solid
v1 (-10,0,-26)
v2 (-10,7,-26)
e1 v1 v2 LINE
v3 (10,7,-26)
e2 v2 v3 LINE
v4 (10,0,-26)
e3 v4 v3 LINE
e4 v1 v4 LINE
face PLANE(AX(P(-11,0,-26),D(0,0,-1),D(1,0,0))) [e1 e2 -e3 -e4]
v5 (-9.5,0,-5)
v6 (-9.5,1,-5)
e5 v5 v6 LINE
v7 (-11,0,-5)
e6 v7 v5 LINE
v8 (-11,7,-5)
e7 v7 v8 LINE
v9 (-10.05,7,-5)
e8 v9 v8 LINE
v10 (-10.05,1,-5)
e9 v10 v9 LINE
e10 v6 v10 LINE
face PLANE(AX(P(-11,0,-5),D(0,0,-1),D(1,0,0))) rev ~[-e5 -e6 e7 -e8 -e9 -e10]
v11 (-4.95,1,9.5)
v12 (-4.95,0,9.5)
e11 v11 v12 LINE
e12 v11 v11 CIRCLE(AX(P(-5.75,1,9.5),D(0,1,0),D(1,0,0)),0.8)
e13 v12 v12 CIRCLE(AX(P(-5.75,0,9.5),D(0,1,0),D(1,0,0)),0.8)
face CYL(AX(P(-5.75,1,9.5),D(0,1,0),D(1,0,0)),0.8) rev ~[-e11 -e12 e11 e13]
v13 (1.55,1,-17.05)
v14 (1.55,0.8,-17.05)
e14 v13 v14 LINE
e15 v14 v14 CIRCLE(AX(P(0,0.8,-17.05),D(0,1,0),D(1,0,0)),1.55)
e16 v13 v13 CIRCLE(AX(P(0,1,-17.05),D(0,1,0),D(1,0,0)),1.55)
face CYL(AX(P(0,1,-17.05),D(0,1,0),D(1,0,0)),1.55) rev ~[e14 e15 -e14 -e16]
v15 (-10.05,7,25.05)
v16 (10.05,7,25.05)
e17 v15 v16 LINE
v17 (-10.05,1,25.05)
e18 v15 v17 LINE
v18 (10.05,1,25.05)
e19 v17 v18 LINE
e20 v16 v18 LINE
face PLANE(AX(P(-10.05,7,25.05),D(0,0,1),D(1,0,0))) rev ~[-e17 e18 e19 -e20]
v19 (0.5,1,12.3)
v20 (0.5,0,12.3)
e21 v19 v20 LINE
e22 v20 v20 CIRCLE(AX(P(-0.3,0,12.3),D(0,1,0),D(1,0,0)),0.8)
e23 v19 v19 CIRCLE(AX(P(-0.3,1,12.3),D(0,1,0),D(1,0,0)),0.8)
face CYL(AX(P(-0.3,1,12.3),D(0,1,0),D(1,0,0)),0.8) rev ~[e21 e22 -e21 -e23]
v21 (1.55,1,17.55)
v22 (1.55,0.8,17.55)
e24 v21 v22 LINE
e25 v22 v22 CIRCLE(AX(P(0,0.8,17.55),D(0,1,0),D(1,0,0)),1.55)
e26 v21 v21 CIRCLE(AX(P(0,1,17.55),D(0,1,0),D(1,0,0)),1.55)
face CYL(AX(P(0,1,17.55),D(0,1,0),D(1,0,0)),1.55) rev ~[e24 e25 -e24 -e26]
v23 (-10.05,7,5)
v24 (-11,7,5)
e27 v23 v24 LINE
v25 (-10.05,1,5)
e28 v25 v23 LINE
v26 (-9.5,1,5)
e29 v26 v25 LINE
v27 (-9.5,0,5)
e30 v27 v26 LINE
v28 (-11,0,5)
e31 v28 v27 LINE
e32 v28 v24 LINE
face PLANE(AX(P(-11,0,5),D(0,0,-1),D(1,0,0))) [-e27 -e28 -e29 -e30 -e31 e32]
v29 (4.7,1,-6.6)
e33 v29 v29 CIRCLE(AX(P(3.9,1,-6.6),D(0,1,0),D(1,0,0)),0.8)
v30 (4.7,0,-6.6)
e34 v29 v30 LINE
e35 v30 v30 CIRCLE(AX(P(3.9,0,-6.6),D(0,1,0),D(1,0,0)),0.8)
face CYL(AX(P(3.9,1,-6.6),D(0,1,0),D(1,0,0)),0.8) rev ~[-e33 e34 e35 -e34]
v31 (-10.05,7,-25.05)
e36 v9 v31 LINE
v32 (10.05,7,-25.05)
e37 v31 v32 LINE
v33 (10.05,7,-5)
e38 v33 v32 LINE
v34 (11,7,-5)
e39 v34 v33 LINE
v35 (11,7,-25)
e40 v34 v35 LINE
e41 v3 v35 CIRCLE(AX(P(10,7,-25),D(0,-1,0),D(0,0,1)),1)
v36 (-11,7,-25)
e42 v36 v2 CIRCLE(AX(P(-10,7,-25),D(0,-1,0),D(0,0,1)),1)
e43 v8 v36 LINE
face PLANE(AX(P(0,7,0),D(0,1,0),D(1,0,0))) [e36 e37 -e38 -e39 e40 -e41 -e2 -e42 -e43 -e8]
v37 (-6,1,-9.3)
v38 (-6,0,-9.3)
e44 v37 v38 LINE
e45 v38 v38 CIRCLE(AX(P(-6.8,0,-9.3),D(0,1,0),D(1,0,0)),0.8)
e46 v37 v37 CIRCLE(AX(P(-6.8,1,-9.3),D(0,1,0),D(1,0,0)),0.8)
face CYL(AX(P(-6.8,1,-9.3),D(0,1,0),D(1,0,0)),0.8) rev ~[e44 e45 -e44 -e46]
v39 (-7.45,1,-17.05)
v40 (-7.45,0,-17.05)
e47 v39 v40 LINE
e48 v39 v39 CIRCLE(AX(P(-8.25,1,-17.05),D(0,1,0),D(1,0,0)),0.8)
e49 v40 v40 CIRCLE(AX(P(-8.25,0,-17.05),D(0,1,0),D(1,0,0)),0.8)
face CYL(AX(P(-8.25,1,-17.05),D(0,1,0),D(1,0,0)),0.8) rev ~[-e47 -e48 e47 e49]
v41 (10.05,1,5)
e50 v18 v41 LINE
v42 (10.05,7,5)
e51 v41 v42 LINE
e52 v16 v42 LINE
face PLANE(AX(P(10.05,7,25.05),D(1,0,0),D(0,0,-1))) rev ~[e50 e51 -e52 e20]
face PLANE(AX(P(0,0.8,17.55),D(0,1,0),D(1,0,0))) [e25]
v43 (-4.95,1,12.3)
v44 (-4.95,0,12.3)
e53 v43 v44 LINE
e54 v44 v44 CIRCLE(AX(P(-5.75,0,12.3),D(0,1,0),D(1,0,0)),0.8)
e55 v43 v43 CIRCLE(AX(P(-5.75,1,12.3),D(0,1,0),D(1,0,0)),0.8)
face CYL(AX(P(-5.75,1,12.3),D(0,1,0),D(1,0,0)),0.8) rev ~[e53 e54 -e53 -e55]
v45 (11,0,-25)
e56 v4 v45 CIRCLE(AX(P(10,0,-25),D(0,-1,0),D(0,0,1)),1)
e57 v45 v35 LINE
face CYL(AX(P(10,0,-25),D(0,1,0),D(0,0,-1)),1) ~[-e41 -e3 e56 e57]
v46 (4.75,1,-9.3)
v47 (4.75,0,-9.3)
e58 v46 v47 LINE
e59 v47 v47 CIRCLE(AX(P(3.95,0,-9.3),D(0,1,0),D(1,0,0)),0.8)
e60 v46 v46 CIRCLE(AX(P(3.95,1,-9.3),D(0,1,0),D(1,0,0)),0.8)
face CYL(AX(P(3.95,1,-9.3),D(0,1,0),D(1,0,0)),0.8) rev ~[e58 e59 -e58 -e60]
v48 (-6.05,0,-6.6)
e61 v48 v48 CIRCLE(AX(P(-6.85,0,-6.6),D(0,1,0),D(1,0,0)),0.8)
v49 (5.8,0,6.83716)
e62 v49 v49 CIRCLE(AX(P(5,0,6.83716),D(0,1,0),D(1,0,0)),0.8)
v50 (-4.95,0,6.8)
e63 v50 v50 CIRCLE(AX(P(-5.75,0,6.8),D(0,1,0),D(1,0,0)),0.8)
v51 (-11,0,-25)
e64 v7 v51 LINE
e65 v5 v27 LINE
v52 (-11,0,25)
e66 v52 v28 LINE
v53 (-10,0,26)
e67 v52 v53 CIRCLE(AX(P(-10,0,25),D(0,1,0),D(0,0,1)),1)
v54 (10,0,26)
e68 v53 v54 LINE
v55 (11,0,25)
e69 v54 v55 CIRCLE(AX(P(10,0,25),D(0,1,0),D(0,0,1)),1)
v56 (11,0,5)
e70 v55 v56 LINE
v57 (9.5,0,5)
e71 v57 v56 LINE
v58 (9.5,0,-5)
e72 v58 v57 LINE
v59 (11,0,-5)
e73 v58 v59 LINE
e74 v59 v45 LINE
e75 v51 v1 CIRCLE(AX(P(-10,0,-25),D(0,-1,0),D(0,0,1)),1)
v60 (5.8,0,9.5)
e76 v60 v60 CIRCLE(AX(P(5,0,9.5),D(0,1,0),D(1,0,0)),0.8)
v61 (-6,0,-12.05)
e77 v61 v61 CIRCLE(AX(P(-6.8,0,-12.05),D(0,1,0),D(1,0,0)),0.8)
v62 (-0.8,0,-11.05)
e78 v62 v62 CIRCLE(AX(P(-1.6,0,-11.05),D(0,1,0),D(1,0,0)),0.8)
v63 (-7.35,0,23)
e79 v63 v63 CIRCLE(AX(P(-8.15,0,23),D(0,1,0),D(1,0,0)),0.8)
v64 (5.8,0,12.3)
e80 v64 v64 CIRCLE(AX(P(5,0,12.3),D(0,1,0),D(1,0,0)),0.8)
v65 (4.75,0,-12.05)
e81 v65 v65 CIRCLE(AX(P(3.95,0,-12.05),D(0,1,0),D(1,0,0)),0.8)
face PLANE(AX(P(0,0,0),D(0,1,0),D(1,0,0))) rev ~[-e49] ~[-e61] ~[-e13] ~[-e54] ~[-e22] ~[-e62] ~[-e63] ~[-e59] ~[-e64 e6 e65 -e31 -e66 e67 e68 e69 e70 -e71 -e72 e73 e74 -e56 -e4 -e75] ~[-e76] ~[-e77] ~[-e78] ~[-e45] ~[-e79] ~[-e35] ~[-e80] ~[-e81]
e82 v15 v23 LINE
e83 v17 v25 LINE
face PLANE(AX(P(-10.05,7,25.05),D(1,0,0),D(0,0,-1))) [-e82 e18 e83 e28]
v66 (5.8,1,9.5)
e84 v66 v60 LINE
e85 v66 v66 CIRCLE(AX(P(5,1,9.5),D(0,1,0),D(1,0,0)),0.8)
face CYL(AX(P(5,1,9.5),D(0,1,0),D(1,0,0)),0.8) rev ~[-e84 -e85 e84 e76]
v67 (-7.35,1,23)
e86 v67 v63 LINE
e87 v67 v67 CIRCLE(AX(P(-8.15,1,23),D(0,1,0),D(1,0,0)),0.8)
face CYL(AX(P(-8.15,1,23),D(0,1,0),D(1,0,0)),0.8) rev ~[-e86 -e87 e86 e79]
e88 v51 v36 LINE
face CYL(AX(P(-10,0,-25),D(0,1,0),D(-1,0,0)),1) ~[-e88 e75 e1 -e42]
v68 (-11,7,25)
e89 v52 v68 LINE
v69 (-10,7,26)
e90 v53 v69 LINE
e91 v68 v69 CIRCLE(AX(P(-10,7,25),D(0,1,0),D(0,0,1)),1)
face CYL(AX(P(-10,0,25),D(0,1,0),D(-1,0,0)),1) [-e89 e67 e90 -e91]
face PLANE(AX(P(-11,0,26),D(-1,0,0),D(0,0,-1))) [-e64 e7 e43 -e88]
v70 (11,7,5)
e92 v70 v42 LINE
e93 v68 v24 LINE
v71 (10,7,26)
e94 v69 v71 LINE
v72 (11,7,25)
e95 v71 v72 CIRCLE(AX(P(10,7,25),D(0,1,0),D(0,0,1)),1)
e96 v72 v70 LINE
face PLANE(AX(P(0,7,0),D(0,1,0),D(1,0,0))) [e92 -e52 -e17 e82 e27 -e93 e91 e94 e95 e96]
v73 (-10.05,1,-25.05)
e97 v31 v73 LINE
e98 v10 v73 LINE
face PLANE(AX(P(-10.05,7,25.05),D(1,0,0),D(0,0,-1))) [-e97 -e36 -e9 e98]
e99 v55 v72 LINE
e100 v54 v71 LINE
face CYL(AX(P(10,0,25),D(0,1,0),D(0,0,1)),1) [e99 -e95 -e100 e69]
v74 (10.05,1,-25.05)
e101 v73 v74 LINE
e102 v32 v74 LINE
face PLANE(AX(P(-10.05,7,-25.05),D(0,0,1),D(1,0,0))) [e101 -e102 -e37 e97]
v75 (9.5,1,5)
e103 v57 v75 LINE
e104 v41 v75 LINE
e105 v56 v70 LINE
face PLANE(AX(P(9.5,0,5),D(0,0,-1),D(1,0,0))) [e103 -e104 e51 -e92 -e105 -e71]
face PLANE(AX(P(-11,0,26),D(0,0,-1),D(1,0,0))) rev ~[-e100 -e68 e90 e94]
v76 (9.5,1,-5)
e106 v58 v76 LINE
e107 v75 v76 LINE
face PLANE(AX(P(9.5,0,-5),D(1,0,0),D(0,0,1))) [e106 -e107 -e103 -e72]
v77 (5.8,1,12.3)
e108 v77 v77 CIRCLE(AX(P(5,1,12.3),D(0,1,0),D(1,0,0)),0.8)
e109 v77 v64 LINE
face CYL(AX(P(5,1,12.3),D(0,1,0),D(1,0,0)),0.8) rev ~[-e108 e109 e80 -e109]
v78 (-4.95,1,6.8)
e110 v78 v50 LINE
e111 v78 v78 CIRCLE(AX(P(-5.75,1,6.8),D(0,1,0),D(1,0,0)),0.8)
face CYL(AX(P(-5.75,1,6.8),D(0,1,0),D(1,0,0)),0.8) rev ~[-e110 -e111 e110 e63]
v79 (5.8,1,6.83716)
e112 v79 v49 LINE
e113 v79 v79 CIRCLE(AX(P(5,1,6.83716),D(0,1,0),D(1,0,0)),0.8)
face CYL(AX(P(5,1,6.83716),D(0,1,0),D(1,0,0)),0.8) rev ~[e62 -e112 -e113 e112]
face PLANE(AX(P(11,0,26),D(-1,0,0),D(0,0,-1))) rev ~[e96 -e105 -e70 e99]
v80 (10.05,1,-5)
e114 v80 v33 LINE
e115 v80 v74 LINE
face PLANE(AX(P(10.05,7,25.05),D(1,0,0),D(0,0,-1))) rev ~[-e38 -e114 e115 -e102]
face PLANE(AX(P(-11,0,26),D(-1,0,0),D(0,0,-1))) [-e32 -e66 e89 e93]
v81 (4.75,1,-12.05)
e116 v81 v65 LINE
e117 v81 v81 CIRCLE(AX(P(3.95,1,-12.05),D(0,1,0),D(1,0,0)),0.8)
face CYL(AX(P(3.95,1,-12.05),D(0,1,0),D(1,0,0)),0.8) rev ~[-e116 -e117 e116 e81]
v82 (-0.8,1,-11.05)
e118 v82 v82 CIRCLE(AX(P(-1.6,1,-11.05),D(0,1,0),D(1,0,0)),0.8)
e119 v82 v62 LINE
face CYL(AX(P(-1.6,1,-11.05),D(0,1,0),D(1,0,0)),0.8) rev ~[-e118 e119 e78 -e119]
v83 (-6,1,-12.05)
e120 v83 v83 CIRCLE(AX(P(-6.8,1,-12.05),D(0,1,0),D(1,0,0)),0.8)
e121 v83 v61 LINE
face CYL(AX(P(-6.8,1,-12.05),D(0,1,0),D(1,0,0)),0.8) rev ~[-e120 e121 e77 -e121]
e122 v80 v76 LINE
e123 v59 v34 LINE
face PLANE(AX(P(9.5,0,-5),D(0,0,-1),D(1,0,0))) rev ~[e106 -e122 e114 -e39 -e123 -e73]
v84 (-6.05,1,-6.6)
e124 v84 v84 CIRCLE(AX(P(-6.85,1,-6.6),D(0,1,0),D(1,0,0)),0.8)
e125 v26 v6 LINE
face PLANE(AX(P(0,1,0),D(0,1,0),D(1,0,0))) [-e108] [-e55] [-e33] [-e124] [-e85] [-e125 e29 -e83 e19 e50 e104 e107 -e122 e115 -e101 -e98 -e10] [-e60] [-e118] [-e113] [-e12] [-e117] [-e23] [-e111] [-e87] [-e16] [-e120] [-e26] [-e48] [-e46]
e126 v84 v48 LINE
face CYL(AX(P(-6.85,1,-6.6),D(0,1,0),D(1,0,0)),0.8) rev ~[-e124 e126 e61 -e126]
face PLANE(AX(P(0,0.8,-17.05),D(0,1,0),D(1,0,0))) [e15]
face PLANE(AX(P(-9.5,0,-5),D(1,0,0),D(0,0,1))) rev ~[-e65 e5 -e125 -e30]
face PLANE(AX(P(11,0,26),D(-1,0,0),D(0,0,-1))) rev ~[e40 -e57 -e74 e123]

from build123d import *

# Parameters (mm, degrees)
SKETCH1_W               = 22
SKETCH1_H               = 52
BOSS_EXTRUDE1_DEPTH     = 7
SKETCH2_W               = 20.1
SKETCH2_H               = 50.1
CUT_EXTRUDE1_DEPTH      = 6
FILLET1_R               = 1
SKETCH4_W               = 1.5
SKETCH4_H               = 10
CUT_EXTRUDE3_DEPTH      = 8
SKETCH5_R               = 1.55
CUT_EXTRUDE4_DEPTH      = 0.2
SKETCH6_R               = 1.55
CUT_EXTRUDE5_DEPTH      = 0.2
SKETCH7_R               = 0.8
CUT_EXTRUDE6_DEPTH      = 7
CUT_EXTRUDE6_DEPTH_BACK = 2
CUT_EXTRUDE7_REACH      = 3
SKETCH8_R               = 0.8
CUT_EXTRUDE9_REACH      = 3
SKETCH9_R               = 0.8
CUT_EXTRUDE10_REACH     = 3
SKETCH10_R              = 0.8
CUT_EXTRUDE11_REACH     = 3
SKETCH11_R              = 0.8
CUT_EXTRUDE12_REACH     = 3
SKETCH12_R              = 0.8
CUT_EXTRUDE13_REACH     = 3
SKETCH13_R              = 0.8
CUT_EXTRUDE14_REACH     = 3
SKETCH14_R              = 0.8
CUT_EXTRUDE15_REACH     = 3
SKETCH15_R              = 0.8
CUT_EXTRUDE16_REACH     = 3
SKETCH16_R              = 0.8


with BuildPart() as part:
    # Sketch1 → Boss-Extrude1 (new body)
    with BuildSketch(Plane(origin=(0, 0, 0), x_dir=(1, 0, 0), z_dir=(0, 1, 0))):
        Rectangle(SKETCH1_W, SKETCH1_H)
    extrude(amount=BOSS_EXTRUDE1_DEPTH)

    # Sketch2 → Cut-Extrude1 (cut)
    with BuildSketch(Plane(origin=(0, 7, 0), x_dir=(1, 0, 0), z_dir=(0, 1, 0))):
        Rectangle(SKETCH2_W, SKETCH2_H)
    extrude(amount=-CUT_EXTRUDE1_DEPTH, mode=Mode.SUBTRACT)

    # Fillet1
    fillet1_edges = [part.edges().sort_by_distance(p)[0] for p in [
        (11, 3.5, 26),
        (-11, 3.5, 26),
        (-11, 3.5, -26),
        (11, 3.5, -26),
    ]]
    fillet(fillet1_edges, radius=FILLET1_R)

    # Sketch4 → Cut-Extrude3 (cut, through all)
    with BuildSketch(Plane.XZ):
        with Locations((-10.25, 0)):
            Rectangle(SKETCH4_W, SKETCH4_H)
        with Locations((10.25, 0)):
            Rectangle(SKETCH4_W, SKETCH4_H)
    extrude(amount=-CUT_EXTRUDE3_DEPTH, mode=Mode.SUBTRACT)

    # Sketch5 → Cut-Extrude4 (cut)
    with BuildSketch(Plane(origin=(0, 1, 0), x_dir=(1, 0, 0), z_dir=(0, 1, 0))):
        with Locations((0, -17.55)):
            Circle(SKETCH5_R)
    extrude(amount=-CUT_EXTRUDE4_DEPTH, mode=Mode.SUBTRACT)

    # Sketch6 → Cut-Extrude5 (cut)
    with BuildSketch(Plane(origin=(0, 1, 0), x_dir=(1, 0, 0), z_dir=(0, 1, 0))):
        with Locations((0, 17.05)):
            Circle(SKETCH6_R)
    extrude(amount=-CUT_EXTRUDE5_DEPTH, mode=Mode.SUBTRACT)

    # Sketch7 → Cut-Extrude6 (cut, two sides)
    with BuildSketch(Plane(origin=(0, 1, 0), x_dir=(1, 0, 0), z_dir=(0, 1, 0))) as cut_extrude6_sk:
        with Locations((-8.15, -23)):
            Circle(SKETCH7_R)
    extrude(amount=CUT_EXTRUDE6_DEPTH, mode=Mode.SUBTRACT)
    extrude(cut_extrude6_sk.sketch, amount=-CUT_EXTRUDE6_DEPTH_BACK, mode=Mode.SUBTRACT)

    # Sketch8 → Cut-Extrude7 (cut, up to next)
    with BuildSketch(Plane(origin=(0, 1, 0), x_dir=(1, 0, 0), z_dir=(0, 1, 0)), mode=Mode.PRIVATE) as cut_extrude7_sk1:
        with Locations((-5.75, -12.3)):
            Circle(SKETCH8_R)
    cut_extrude7_tool1 = extrude(cut_extrude7_sk1.sketch, amount=-CUT_EXTRUDE7_REACH, mode=Mode.PRIVATE) & part.part
    add(cut_extrude7_tool1.solids().sort_by_distance((-5.75, 1, 12.3))[0], mode=Mode.SUBTRACT)
    # Sketch8 → Cut-Extrude7 (cut, up to next)
    with BuildSketch(Plane(origin=(0, 1, 0), x_dir=(1, 0, 0), z_dir=(0, 1, 0)), mode=Mode.PRIVATE) as cut_extrude7_sk2:
        with Locations((5, -12.3)):
            Circle(SKETCH8_R)
    cut_extrude7_tool2 = extrude(cut_extrude7_sk2.sketch, amount=-CUT_EXTRUDE7_REACH, mode=Mode.PRIVATE) & part.part
    add(cut_extrude7_tool2.solids().sort_by_distance((5, 1, 12.3))[0], mode=Mode.SUBTRACT)

    # Sketch9 → Cut-Extrude9 (cut, up to next)
    with BuildSketch(Plane(origin=(0, 1, 0), x_dir=(1, 0, 0), z_dir=(0, 1, 0)), mode=Mode.PRIVATE) as cut_extrude9_sk1:
        with Locations((-5.75, -9.5)):
            Circle(SKETCH9_R)
    cut_extrude9_tool1 = extrude(cut_extrude9_sk1.sketch, amount=-CUT_EXTRUDE9_REACH, mode=Mode.PRIVATE) & part.part
    add(cut_extrude9_tool1.solids().sort_by_distance((-5.75, 1, 9.5))[0], mode=Mode.SUBTRACT)
    # Sketch9 → Cut-Extrude9 (cut, up to next)
    with BuildSketch(Plane(origin=(0, 1, 0), x_dir=(1, 0, 0), z_dir=(0, 1, 0)), mode=Mode.PRIVATE) as cut_extrude9_sk2:
        with Locations((5, -9.5)):
            Circle(SKETCH9_R)
    cut_extrude9_tool2 = extrude(cut_extrude9_sk2.sketch, amount=-CUT_EXTRUDE9_REACH, mode=Mode.PRIVATE) & part.part
    add(cut_extrude9_tool2.solids().sort_by_distance((5, 1, 9.5))[0], mode=Mode.SUBTRACT)

    # Sketch10 → Cut-Extrude10 (cut, up to next)
    with BuildSketch(Plane(origin=(0, 1, 0), x_dir=(1, 0, 0), z_dir=(0, 1, 0)), mode=Mode.PRIVATE) as cut_extrude10_sk1:
        with Locations((-5.75, -6.8)):
            Circle(SKETCH10_R)
    cut_extrude10_tool1 = extrude(cut_extrude10_sk1.sketch, amount=-CUT_EXTRUDE10_REACH, mode=Mode.PRIVATE) & part.part
    add(cut_extrude10_tool1.solids().sort_by_distance((-5.75, 1, 6.8))[0], mode=Mode.SUBTRACT)
    # Sketch10 → Cut-Extrude10 (cut, up to next)
    with BuildSketch(Plane(origin=(0, 1, 0), x_dir=(1, 0, 0), z_dir=(0, 1, 0)), mode=Mode.PRIVATE) as cut_extrude10_sk2:
        with Locations((5, -6.837159935)):
            Circle(SKETCH10_R)
    cut_extrude10_tool2 = extrude(cut_extrude10_sk2.sketch, amount=-CUT_EXTRUDE10_REACH, mode=Mode.PRIVATE) & part.part
    add(cut_extrude10_tool2.solids().sort_by_distance((5, 1, 6.83716))[0], mode=Mode.SUBTRACT)

    # Sketch11 → Cut-Extrude11 (cut, up to next)
    with BuildSketch(Plane(origin=(0, 1, 0), x_dir=(1, 0, 0), z_dir=(0, 1, 0)), mode=Mode.PRIVATE) as cut_extrude11_sk1:
        with Locations((-0.3, -12.3)):
            Circle(SKETCH11_R)
    cut_extrude11_tool1 = extrude(cut_extrude11_sk1.sketch, amount=-CUT_EXTRUDE11_REACH, mode=Mode.PRIVATE) & part.part
    add(cut_extrude11_tool1.solids().sort_by_distance((-0.3, 1, 12.3))[0], mode=Mode.SUBTRACT)

    # Sketch12 → Cut-Extrude12 (cut, up to next)
    with BuildSketch(Plane(origin=(0, 1, 0), x_dir=(1, 0, 0), z_dir=(0, 1, 0)), mode=Mode.PRIVATE) as cut_extrude12_sk1:
        with Locations((3.95, 12.05)):
            Circle(SKETCH12_R)
    cut_extrude12_tool1 = extrude(cut_extrude12_sk1.sketch, amount=-CUT_EXTRUDE12_REACH, mode=Mode.PRIVATE) & part.part
    add(cut_extrude12_tool1.solids().sort_by_distance((3.95, 1, -12.05))[0], mode=Mode.SUBTRACT)
    # Sketch12 → Cut-Extrude12 (cut, up to next)
    with BuildSketch(Plane(origin=(0, 1, 0), x_dir=(1, 0, 0), z_dir=(0, 1, 0)), mode=Mode.PRIVATE) as cut_extrude12_sk2:
        with Locations((-6.8, 12.05)):
            Circle(SKETCH12_R)
    cut_extrude12_tool2 = extrude(cut_extrude12_sk2.sketch, amount=-CUT_EXTRUDE12_REACH, mode=Mode.PRIVATE) & part.part
    add(cut_extrude12_tool2.solids().sort_by_distance((-6.8, 1, -12.05))[0], mode=Mode.SUBTRACT)

    # Sketch13 → Cut-Extrude13 (cut, up to next)
    with BuildSketch(Plane(origin=(0, 1, 0), x_dir=(1, 0, 0), z_dir=(0, 1, 0)), mode=Mode.PRIVATE) as cut_extrude13_sk1:
        with Locations((3.95, 9.3)):
            Circle(SKETCH13_R)
    cut_extrude13_tool1 = extrude(cut_extrude13_sk1.sketch, amount=-CUT_EXTRUDE13_REACH, mode=Mode.PRIVATE) & part.part
    add(cut_extrude13_tool1.solids().sort_by_distance((3.95, 1, -9.3))[0], mode=Mode.SUBTRACT)
    # Sketch13 → Cut-Extrude13 (cut, up to next)
    with BuildSketch(Plane(origin=(0, 1, 0), x_dir=(1, 0, 0), z_dir=(0, 1, 0)), mode=Mode.PRIVATE) as cut_extrude13_sk2:
        with Locations((-6.8, 9.3)):
            Circle(SKETCH13_R)
    cut_extrude13_tool2 = extrude(cut_extrude13_sk2.sketch, amount=-CUT_EXTRUDE13_REACH, mode=Mode.PRIVATE) & part.part
    add(cut_extrude13_tool2.solids().sort_by_distance((-6.8, 1, -9.3))[0], mode=Mode.SUBTRACT)

    # Sketch14 → Cut-Extrude14 (cut, up to next)
    with BuildSketch(Plane(origin=(0, 1, 0), x_dir=(1, 0, 0), z_dir=(0, 1, 0)), mode=Mode.PRIVATE) as cut_extrude14_sk1:
        with Locations((3.9, 6.6)):
            Circle(SKETCH14_R)
    cut_extrude14_tool1 = extrude(cut_extrude14_sk1.sketch, amount=-CUT_EXTRUDE14_REACH, mode=Mode.PRIVATE) & part.part
    add(cut_extrude14_tool1.solids().sort_by_distance((3.9, 1, -6.6))[0], mode=Mode.SUBTRACT)
    # Sketch14 → Cut-Extrude14 (cut, up to next)
    with BuildSketch(Plane(origin=(0, 1, 0), x_dir=(1, 0, 0), z_dir=(0, 1, 0)), mode=Mode.PRIVATE) as cut_extrude14_sk2:
        with Locations((-6.85, 6.6)):
            Circle(SKETCH14_R)
    cut_extrude14_tool2 = extrude(cut_extrude14_sk2.sketch, amount=-CUT_EXTRUDE14_REACH, mode=Mode.PRIVATE) & part.part
    add(cut_extrude14_tool2.solids().sort_by_distance((-6.85, 1, -6.6))[0], mode=Mode.SUBTRACT)

    # Sketch15 → Cut-Extrude15 (cut, up to next)
    with BuildSketch(Plane(origin=(0, 1, 0), x_dir=(1, 0, 0), z_dir=(0, 1, 0)), mode=Mode.PRIVATE) as cut_extrude15_sk1:
        with Locations((-1.6, 11.05)):
            Circle(SKETCH15_R)
    cut_extrude15_tool1 = extrude(cut_extrude15_sk1.sketch, amount=-CUT_EXTRUDE15_REACH, mode=Mode.PRIVATE) & part.part
    add(cut_extrude15_tool1.solids().sort_by_distance((-1.6, 1, -11.05))[0], mode=Mode.SUBTRACT)

    # Sketch16 → Cut-Extrude16 (cut, up to next)
    with BuildSketch(Plane(origin=(0, 1, 0), x_dir=(1, 0, 0), z_dir=(0, 1, 0)), mode=Mode.PRIVATE) as cut_extrude16_sk1:
        with Locations((-8.25, 17.05)):
            Circle(SKETCH16_R)
    cut_extrude16_tool1 = extrude(cut_extrude16_sk1.sketch, amount=-CUT_EXTRUDE16_REACH, mode=Mode.PRIVATE) & part.part
    add(cut_extrude16_tool1.solids().sort_by_distance((-8.25, 1, -17.05))[0], mode=Mode.SUBTRACT)


solid = part.part
